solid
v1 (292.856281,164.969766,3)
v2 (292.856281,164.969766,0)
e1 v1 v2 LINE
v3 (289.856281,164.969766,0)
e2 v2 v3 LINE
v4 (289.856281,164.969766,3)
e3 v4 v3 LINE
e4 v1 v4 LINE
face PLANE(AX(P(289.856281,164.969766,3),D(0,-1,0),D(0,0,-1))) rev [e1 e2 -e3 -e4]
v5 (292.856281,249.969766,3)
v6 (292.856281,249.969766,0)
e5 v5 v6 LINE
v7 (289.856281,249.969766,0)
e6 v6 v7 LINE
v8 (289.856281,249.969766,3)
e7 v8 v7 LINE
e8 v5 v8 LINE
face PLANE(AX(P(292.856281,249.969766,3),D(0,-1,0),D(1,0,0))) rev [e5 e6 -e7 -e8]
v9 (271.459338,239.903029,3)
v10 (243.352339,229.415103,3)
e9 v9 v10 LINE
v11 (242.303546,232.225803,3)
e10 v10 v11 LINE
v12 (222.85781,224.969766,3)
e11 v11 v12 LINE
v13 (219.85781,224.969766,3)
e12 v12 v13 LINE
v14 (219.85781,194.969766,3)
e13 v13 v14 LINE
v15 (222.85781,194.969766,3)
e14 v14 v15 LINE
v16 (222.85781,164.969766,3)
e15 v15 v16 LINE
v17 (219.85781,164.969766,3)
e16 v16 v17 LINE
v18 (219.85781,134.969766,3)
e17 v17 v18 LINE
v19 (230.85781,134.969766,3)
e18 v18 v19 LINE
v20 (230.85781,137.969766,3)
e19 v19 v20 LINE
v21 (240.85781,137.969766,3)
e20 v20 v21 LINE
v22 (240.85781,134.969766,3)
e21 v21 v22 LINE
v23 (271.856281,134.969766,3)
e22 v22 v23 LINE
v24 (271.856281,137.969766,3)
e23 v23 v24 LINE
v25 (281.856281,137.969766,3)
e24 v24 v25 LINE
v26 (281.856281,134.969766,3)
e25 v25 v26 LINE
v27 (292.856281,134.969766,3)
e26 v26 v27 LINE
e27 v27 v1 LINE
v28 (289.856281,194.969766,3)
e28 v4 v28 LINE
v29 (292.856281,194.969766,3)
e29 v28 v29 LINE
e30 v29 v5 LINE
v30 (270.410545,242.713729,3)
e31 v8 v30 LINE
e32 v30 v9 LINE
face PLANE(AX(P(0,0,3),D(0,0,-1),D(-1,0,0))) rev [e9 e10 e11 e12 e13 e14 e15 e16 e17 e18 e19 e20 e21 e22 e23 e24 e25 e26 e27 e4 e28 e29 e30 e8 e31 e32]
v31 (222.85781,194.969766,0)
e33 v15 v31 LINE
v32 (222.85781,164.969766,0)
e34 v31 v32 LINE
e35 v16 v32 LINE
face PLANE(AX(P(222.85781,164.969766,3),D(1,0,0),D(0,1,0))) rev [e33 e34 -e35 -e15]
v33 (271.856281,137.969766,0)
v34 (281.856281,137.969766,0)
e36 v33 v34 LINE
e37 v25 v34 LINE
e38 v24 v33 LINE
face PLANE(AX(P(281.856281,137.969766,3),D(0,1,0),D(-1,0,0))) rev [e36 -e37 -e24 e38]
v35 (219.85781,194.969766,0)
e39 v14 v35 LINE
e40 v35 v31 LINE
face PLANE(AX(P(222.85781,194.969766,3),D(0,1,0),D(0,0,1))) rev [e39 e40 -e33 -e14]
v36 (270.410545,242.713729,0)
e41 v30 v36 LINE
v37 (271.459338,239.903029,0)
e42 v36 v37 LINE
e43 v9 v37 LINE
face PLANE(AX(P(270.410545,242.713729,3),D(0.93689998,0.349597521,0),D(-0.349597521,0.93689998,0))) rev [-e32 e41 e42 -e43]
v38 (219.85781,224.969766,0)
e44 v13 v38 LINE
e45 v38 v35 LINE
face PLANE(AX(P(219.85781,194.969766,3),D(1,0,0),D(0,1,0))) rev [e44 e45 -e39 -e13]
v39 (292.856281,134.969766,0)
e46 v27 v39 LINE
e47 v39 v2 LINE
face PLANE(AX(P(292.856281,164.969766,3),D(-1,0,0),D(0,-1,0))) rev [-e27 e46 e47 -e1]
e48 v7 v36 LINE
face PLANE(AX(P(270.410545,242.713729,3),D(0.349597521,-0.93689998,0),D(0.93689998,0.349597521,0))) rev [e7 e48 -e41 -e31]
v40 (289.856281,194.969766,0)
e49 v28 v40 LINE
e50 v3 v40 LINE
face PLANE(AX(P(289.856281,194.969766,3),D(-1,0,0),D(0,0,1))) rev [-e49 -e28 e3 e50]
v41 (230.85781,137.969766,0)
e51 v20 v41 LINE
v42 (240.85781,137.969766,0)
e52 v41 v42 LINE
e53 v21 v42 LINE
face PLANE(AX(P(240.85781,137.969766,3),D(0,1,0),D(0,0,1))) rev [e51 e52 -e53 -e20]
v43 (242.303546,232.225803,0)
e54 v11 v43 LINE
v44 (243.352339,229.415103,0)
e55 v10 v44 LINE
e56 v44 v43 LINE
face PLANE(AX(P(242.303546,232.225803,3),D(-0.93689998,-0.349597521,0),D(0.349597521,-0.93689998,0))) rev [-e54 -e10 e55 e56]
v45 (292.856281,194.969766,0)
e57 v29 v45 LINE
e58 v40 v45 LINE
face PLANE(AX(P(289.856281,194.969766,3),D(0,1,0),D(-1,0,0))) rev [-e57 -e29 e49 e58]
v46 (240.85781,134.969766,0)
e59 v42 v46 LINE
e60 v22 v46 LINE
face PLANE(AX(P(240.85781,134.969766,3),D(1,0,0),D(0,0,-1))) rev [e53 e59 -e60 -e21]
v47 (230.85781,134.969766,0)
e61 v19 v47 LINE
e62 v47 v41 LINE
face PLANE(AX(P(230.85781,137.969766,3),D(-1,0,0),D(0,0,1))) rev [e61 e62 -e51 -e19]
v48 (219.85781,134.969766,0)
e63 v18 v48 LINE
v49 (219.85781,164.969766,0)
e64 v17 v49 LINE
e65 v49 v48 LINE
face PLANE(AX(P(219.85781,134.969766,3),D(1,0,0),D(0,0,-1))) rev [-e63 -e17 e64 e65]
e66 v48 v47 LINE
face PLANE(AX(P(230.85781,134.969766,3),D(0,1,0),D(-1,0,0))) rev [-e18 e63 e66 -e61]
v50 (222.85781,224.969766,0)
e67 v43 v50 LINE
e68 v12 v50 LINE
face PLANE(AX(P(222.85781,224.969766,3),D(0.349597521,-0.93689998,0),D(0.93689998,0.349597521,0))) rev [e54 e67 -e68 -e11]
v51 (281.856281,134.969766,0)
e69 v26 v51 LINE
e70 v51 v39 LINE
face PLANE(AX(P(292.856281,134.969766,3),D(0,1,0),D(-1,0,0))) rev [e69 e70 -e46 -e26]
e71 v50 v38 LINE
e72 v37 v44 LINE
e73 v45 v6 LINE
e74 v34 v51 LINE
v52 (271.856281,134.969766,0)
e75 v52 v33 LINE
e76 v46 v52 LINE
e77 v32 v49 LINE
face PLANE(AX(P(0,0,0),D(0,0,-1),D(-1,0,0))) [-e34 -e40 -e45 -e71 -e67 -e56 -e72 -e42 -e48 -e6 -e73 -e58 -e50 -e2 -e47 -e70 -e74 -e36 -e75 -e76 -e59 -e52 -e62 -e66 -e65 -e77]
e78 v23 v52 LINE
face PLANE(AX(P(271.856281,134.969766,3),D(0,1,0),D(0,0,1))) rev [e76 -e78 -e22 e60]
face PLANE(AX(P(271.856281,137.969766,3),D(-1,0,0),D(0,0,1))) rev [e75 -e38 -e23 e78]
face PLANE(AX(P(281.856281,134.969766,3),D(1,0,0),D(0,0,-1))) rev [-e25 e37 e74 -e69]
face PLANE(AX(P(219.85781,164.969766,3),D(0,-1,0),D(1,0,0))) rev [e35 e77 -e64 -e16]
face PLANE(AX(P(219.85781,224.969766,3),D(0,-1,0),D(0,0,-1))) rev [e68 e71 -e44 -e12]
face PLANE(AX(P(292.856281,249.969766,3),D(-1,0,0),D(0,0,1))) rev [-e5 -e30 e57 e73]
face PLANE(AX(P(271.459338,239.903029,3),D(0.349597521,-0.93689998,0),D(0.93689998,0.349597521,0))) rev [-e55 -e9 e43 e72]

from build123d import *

# Parameters (mm, degrees)
BOSS_EXTRUDE1_DEPTH = 3


with BuildPart() as part:
    # Model → Boss-Extrude1 (new body)
    with BuildSketch(Plane.XY):
        Polygon((292.856281381, 249.969765788), (292.856281381, 194.969765788), (289.856281381, 194.969765788), (289.856281381, 164.969765788), (292.856281381, 164.969765788), (292.856281381, 134.969765788), (281.856281381, 134.969765788), (281.856281381, 137.969765788), (271.856281381, 137.969765788), (271.856281381, 134.969765788), (240.857809941, 134.969765788), (240.857809941, 137.969765788), (230.857809941, 137.969765788), (230.857809941, 134.969765788), (219.857809941, 134.969765788), (219.857809941, 164.969765788), (222.857809941, 164.969765788), (222.857809941, 194.969765788), (219.857809941, 194.969765788), (219.857809941, 224.969765788), (222.857809941, 224.969765788), (242.303545953, 232.225802976), (243.352338516, 229.415103035), (271.459337931, 239.903028658), (270.410545368, 242.7137286), (289.856281381, 249.969765788), align=None)
    extrude(amount=BOSS_EXTRUDE1_DEPTH)


solid = part.part
